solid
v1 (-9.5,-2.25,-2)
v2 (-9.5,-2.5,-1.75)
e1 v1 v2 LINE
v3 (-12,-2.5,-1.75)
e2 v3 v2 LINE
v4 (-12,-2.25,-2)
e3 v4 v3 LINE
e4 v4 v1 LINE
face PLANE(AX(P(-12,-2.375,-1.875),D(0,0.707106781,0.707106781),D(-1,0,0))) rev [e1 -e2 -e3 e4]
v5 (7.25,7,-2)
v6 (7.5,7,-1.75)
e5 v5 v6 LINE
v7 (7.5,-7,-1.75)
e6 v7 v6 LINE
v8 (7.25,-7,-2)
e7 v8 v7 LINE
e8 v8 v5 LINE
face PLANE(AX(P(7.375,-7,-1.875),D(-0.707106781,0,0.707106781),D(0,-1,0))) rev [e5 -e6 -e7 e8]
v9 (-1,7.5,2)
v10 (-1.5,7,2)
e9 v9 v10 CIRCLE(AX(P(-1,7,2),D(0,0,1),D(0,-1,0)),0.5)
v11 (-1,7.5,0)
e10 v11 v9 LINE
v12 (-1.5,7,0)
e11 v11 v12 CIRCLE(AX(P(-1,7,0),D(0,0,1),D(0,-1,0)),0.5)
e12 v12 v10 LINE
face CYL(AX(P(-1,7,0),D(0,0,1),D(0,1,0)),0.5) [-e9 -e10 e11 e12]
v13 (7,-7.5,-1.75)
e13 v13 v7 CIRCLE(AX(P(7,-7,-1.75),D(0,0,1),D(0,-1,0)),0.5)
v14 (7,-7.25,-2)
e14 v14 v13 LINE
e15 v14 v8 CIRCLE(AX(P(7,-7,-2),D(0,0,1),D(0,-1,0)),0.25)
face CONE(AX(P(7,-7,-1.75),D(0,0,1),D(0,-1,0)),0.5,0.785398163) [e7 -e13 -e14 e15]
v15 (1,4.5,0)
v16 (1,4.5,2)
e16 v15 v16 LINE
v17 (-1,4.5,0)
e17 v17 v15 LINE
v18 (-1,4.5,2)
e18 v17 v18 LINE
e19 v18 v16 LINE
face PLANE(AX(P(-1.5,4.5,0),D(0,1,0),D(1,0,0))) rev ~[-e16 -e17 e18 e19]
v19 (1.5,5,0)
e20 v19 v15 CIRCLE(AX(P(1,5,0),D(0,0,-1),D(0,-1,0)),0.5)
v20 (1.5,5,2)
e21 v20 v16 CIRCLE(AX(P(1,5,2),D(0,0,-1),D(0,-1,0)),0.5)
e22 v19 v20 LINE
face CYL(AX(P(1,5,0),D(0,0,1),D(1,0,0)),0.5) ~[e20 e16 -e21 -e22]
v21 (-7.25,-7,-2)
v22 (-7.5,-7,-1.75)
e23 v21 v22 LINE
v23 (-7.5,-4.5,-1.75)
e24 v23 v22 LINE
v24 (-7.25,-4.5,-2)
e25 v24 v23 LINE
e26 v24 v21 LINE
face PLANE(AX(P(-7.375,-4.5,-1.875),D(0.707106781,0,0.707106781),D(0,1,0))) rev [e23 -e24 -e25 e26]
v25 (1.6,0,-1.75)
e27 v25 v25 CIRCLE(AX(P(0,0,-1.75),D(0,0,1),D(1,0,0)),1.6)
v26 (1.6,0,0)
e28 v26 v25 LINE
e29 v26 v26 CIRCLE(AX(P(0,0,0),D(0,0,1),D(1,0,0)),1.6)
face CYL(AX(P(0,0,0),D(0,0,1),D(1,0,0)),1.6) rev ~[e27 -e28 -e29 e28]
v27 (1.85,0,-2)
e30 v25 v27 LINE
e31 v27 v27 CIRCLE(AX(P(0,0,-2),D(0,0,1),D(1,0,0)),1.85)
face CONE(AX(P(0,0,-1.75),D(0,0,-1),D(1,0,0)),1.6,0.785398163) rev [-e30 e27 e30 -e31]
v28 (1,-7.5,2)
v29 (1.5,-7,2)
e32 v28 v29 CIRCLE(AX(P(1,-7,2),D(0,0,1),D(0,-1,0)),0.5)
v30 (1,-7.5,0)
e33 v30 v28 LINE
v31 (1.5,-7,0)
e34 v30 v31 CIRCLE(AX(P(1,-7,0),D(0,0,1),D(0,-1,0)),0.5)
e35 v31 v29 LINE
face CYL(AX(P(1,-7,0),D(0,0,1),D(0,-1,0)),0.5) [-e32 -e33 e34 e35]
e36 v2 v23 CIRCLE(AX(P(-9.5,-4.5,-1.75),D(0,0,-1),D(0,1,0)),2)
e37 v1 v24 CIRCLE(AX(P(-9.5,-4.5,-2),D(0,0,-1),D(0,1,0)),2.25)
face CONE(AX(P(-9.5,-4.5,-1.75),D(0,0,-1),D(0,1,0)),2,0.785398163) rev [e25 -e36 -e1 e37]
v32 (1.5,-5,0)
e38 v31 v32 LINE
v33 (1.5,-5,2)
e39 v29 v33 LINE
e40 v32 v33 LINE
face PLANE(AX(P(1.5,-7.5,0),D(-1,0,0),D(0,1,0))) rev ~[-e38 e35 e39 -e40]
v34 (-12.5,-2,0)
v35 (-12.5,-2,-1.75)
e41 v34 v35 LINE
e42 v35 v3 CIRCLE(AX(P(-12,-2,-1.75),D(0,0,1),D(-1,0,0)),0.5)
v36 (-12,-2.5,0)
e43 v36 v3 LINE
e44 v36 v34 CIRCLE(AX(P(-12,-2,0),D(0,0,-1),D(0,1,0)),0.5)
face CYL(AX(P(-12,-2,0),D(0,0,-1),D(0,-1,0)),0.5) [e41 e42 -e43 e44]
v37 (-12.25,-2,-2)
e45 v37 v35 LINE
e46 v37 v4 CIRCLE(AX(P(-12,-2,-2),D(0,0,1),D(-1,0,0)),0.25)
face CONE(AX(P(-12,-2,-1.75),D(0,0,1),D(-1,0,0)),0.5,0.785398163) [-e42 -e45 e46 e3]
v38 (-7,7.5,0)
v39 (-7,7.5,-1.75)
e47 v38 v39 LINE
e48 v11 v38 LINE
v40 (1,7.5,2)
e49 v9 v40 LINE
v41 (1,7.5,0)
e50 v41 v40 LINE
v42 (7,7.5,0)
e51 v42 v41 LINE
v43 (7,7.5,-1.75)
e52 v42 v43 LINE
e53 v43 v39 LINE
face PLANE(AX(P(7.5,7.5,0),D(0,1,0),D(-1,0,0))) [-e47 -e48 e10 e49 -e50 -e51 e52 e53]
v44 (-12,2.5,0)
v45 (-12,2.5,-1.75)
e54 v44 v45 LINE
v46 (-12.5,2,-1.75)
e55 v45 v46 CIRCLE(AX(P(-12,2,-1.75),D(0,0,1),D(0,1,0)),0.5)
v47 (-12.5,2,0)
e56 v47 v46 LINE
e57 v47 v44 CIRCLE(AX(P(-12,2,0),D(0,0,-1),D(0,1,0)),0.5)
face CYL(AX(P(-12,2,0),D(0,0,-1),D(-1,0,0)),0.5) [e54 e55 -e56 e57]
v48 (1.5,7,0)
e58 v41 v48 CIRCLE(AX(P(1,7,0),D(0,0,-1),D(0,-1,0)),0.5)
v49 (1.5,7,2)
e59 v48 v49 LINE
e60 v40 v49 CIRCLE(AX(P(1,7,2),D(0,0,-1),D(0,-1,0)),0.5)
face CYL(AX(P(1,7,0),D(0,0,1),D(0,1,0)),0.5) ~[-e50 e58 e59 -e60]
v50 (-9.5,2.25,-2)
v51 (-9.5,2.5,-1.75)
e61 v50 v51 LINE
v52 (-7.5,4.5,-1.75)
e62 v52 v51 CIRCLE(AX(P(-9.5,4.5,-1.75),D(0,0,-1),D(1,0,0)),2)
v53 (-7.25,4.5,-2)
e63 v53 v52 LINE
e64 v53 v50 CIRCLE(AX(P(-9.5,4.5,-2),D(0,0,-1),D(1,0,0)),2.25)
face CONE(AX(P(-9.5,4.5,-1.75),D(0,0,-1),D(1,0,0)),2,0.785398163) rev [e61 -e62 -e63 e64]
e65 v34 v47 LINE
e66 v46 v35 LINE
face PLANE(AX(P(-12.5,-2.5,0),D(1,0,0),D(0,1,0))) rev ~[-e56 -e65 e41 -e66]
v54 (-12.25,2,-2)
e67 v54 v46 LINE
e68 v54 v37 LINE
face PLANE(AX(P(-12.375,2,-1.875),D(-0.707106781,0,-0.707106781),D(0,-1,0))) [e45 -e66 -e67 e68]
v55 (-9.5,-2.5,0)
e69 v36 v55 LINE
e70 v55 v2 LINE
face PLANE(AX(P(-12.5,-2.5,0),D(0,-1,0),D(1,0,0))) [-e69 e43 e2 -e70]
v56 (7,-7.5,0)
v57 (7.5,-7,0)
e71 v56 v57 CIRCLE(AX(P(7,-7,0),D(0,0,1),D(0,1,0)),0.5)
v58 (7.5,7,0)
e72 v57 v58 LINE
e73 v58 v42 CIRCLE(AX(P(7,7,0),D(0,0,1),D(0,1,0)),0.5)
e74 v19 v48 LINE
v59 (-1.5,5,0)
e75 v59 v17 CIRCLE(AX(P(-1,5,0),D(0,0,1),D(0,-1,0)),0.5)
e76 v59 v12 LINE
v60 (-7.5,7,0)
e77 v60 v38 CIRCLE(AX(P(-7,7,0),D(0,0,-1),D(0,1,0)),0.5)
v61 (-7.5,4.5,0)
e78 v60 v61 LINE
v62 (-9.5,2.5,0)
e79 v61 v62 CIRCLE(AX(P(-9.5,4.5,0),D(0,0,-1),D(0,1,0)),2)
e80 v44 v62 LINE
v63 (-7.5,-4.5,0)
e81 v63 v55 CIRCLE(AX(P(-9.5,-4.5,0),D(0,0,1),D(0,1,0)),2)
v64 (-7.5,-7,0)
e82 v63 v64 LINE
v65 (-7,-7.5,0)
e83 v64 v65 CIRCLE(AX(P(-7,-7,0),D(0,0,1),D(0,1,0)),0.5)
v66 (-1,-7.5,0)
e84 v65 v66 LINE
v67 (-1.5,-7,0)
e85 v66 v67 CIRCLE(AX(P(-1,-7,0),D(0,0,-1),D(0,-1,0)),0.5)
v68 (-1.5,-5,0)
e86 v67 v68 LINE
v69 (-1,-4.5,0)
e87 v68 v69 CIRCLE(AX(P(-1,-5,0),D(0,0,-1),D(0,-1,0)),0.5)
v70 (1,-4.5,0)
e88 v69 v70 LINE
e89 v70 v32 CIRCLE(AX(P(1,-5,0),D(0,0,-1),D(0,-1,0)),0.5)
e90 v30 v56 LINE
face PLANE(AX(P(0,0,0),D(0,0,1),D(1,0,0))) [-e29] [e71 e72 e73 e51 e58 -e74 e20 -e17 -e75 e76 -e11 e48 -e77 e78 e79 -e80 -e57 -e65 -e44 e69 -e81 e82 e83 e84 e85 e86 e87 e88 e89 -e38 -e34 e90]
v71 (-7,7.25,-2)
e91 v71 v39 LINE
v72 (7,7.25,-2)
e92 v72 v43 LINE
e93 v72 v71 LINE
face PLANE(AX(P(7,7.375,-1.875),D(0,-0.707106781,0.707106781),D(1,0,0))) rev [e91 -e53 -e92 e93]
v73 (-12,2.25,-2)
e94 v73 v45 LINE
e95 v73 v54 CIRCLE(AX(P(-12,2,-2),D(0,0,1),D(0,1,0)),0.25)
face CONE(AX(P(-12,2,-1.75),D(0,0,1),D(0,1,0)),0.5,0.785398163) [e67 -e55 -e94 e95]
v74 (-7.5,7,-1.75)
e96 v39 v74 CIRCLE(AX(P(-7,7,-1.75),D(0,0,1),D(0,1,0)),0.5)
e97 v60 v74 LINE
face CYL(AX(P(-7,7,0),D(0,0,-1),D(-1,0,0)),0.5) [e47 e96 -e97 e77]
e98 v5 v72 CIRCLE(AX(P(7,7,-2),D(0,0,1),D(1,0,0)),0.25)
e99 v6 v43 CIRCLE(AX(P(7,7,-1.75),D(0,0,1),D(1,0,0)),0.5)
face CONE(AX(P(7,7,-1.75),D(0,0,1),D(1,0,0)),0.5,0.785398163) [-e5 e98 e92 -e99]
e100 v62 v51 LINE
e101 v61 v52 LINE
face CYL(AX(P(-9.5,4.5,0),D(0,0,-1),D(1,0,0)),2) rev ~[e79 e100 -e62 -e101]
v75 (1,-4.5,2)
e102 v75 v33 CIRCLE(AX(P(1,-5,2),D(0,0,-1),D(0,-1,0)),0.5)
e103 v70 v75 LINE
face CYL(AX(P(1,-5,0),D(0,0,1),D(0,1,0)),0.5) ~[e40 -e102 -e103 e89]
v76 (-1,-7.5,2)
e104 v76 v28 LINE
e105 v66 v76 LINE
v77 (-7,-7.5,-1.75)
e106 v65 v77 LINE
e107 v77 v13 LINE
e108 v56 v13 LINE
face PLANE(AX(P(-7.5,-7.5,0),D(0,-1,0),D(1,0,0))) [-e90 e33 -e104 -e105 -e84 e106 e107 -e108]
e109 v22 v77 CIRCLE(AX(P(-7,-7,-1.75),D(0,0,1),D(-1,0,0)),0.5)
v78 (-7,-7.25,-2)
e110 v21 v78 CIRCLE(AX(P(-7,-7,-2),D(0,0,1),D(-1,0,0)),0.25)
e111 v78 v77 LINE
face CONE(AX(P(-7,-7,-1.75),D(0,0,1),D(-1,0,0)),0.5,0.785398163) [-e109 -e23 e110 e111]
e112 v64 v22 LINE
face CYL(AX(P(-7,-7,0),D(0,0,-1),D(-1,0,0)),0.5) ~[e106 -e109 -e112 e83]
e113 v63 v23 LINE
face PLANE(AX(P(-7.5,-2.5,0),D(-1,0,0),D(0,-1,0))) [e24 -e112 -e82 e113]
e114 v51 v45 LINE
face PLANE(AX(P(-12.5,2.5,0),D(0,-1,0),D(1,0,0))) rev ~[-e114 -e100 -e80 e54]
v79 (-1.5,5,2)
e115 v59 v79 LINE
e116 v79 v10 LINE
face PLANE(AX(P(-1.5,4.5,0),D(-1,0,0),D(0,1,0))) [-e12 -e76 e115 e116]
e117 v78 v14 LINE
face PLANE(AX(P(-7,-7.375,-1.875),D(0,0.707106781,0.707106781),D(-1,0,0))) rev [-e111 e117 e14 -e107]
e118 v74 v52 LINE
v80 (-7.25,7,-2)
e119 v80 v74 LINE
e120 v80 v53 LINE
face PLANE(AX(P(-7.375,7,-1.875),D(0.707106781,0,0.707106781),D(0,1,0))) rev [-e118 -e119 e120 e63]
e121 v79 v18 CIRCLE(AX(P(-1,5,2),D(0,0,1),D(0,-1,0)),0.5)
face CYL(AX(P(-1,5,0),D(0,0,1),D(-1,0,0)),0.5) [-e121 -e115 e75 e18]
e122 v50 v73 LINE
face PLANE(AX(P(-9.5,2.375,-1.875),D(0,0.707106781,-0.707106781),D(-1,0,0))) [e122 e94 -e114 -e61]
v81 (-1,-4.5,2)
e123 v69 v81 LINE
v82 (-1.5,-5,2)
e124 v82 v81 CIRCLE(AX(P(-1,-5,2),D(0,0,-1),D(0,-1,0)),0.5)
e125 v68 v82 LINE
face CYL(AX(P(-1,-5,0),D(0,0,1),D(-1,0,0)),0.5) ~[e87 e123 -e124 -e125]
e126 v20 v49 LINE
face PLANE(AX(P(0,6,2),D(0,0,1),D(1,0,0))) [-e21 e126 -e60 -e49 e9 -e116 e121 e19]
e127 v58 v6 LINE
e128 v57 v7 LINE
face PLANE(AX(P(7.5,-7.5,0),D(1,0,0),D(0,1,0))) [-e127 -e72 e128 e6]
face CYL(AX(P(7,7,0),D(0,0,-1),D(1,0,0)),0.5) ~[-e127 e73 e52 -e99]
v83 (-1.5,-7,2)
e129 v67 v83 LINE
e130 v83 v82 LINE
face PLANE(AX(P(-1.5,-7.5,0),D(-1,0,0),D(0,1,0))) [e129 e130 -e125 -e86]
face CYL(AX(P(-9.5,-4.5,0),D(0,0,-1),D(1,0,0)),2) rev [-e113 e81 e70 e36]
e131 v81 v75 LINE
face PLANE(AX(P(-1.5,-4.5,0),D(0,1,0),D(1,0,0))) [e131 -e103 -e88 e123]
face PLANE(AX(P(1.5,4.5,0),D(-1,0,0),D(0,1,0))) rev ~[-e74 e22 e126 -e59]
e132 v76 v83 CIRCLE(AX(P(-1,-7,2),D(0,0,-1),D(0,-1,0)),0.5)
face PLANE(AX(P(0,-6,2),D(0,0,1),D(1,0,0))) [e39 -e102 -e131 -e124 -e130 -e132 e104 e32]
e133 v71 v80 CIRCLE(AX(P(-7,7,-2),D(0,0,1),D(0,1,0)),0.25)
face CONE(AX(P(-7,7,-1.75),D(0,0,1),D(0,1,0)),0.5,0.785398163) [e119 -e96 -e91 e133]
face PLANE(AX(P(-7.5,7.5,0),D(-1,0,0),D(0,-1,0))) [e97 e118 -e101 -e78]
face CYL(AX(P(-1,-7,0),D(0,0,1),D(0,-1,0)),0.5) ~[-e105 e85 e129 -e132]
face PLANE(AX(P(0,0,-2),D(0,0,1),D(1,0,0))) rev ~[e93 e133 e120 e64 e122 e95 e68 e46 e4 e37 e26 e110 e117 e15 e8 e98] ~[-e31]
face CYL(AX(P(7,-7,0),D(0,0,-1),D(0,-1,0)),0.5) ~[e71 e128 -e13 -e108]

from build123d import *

# Parameters (mm, degrees)
F0_R     = 1.6
F0_W     = 5
F0_H     = 5
F0_W_2   = 3
F0_H_2   = 3
F1_DEPTH = 2
F2_DEPTH = 2
F3_R     = 2
F4_R     = 0.5
F5_SIZE  = 0.25


with BuildPart() as f1:
    # F0 (on Top) → F1 (new body)
    with BuildSketch(Plane.XY):
        Polygon((7.5, -7.5), (7.5, 7.5), (1.5, 7.5), (1.5, 4.5), (-1.5, 4.5), (-1.5, 7.5), (-7.5, 7.5), (-7.5, 2.5), (-7.5, -2.5), (-7.5, -7.5), (-1.5, -7.5), (-1.5, -4.5), (1.5, -4.5), (1.5, -7.5), align=None)
        Circle(F0_R, mode=Mode.SUBTRACT)
        with Locations((-10, 0)):
            Rectangle(F0_W, F0_H)
        with Locations((0, 6)):
            Rectangle(F0_W_2, F0_H_2)
        with Locations((0, -6)):
            Rectangle(F0_W_2, F0_H_2)
    extrude(amount=-F1_DEPTH)

    # F0 (on Top) → F2 (join)
    with BuildSketch(Plane.XY):
        with Locations((0, 6)):
            Rectangle(F0_W_2, F0_H_2)
        with Locations((0, -6)):
            Rectangle(F0_W_2, F0_H_2)
    extrude(amount=F2_DEPTH)

    # F3
    f3_edges = [f1.edges().sort_by_distance(p)[0] for p in [
        (-7.5, 2.5, -1),
        (-7.5, -2.5, -1),
    ]]
    fillet(f3_edges, radius=F3_R)

    # F4
    f4_edges = [f1.edges().sort_by_distance(p)[0] for p in [
        (-12.5, 2.5, -1),
        (-12.5, -2.5, -1),
        (-7.5, -7.5, -1),
        (-7.5, 7.5, -1),
        (7.5, 7.5, -1),
        (7.5, -7.5, -1),
        (1.5, 7.5, 1),
        (1.5, 4.5, 1),
        (-1.5, 7.5, 1),
        (-1.5, 4.5, 1),
        (-1.5, -4.5, 1),
        (1.5, -4.5, 1),
        (-1.5, -7.5, 1),
        (1.5, -7.5, 1),
    ]]
    fillet(f4_edges, radius=F4_R)

    # F5
    f5_edges = [f1.edges().sort_by_distance(p)[0] for p in [
        (-7.5, 5.75, -2),
        (-7.353553, 7.353553, -2),
        (-8.085786, 3.085786, -2),
        (0, 7.5, -2),
        (-10.75, 2.5, -2),
        (7.353553, 7.353553, -2),
        (-12.353553, 2.353553, -2),
        (7.5, 0, -2),
        (-12.5, 0, -2),
        (7.353553, -7.353553, -2),
        (-12.353553, -2.353553, -2),
        (0, -7.5, -2),
        (-10.75, -2.5, -2),
        (-7.353553, -7.353553, -2),
        (-8.085786, -3.085786, -2),
        (-7.5, -5.75, -2),
        (-1.6, 0, -2),
    ]]
    chamfer(f5_edges, length=F5_SIZE)


solid = f1.part
